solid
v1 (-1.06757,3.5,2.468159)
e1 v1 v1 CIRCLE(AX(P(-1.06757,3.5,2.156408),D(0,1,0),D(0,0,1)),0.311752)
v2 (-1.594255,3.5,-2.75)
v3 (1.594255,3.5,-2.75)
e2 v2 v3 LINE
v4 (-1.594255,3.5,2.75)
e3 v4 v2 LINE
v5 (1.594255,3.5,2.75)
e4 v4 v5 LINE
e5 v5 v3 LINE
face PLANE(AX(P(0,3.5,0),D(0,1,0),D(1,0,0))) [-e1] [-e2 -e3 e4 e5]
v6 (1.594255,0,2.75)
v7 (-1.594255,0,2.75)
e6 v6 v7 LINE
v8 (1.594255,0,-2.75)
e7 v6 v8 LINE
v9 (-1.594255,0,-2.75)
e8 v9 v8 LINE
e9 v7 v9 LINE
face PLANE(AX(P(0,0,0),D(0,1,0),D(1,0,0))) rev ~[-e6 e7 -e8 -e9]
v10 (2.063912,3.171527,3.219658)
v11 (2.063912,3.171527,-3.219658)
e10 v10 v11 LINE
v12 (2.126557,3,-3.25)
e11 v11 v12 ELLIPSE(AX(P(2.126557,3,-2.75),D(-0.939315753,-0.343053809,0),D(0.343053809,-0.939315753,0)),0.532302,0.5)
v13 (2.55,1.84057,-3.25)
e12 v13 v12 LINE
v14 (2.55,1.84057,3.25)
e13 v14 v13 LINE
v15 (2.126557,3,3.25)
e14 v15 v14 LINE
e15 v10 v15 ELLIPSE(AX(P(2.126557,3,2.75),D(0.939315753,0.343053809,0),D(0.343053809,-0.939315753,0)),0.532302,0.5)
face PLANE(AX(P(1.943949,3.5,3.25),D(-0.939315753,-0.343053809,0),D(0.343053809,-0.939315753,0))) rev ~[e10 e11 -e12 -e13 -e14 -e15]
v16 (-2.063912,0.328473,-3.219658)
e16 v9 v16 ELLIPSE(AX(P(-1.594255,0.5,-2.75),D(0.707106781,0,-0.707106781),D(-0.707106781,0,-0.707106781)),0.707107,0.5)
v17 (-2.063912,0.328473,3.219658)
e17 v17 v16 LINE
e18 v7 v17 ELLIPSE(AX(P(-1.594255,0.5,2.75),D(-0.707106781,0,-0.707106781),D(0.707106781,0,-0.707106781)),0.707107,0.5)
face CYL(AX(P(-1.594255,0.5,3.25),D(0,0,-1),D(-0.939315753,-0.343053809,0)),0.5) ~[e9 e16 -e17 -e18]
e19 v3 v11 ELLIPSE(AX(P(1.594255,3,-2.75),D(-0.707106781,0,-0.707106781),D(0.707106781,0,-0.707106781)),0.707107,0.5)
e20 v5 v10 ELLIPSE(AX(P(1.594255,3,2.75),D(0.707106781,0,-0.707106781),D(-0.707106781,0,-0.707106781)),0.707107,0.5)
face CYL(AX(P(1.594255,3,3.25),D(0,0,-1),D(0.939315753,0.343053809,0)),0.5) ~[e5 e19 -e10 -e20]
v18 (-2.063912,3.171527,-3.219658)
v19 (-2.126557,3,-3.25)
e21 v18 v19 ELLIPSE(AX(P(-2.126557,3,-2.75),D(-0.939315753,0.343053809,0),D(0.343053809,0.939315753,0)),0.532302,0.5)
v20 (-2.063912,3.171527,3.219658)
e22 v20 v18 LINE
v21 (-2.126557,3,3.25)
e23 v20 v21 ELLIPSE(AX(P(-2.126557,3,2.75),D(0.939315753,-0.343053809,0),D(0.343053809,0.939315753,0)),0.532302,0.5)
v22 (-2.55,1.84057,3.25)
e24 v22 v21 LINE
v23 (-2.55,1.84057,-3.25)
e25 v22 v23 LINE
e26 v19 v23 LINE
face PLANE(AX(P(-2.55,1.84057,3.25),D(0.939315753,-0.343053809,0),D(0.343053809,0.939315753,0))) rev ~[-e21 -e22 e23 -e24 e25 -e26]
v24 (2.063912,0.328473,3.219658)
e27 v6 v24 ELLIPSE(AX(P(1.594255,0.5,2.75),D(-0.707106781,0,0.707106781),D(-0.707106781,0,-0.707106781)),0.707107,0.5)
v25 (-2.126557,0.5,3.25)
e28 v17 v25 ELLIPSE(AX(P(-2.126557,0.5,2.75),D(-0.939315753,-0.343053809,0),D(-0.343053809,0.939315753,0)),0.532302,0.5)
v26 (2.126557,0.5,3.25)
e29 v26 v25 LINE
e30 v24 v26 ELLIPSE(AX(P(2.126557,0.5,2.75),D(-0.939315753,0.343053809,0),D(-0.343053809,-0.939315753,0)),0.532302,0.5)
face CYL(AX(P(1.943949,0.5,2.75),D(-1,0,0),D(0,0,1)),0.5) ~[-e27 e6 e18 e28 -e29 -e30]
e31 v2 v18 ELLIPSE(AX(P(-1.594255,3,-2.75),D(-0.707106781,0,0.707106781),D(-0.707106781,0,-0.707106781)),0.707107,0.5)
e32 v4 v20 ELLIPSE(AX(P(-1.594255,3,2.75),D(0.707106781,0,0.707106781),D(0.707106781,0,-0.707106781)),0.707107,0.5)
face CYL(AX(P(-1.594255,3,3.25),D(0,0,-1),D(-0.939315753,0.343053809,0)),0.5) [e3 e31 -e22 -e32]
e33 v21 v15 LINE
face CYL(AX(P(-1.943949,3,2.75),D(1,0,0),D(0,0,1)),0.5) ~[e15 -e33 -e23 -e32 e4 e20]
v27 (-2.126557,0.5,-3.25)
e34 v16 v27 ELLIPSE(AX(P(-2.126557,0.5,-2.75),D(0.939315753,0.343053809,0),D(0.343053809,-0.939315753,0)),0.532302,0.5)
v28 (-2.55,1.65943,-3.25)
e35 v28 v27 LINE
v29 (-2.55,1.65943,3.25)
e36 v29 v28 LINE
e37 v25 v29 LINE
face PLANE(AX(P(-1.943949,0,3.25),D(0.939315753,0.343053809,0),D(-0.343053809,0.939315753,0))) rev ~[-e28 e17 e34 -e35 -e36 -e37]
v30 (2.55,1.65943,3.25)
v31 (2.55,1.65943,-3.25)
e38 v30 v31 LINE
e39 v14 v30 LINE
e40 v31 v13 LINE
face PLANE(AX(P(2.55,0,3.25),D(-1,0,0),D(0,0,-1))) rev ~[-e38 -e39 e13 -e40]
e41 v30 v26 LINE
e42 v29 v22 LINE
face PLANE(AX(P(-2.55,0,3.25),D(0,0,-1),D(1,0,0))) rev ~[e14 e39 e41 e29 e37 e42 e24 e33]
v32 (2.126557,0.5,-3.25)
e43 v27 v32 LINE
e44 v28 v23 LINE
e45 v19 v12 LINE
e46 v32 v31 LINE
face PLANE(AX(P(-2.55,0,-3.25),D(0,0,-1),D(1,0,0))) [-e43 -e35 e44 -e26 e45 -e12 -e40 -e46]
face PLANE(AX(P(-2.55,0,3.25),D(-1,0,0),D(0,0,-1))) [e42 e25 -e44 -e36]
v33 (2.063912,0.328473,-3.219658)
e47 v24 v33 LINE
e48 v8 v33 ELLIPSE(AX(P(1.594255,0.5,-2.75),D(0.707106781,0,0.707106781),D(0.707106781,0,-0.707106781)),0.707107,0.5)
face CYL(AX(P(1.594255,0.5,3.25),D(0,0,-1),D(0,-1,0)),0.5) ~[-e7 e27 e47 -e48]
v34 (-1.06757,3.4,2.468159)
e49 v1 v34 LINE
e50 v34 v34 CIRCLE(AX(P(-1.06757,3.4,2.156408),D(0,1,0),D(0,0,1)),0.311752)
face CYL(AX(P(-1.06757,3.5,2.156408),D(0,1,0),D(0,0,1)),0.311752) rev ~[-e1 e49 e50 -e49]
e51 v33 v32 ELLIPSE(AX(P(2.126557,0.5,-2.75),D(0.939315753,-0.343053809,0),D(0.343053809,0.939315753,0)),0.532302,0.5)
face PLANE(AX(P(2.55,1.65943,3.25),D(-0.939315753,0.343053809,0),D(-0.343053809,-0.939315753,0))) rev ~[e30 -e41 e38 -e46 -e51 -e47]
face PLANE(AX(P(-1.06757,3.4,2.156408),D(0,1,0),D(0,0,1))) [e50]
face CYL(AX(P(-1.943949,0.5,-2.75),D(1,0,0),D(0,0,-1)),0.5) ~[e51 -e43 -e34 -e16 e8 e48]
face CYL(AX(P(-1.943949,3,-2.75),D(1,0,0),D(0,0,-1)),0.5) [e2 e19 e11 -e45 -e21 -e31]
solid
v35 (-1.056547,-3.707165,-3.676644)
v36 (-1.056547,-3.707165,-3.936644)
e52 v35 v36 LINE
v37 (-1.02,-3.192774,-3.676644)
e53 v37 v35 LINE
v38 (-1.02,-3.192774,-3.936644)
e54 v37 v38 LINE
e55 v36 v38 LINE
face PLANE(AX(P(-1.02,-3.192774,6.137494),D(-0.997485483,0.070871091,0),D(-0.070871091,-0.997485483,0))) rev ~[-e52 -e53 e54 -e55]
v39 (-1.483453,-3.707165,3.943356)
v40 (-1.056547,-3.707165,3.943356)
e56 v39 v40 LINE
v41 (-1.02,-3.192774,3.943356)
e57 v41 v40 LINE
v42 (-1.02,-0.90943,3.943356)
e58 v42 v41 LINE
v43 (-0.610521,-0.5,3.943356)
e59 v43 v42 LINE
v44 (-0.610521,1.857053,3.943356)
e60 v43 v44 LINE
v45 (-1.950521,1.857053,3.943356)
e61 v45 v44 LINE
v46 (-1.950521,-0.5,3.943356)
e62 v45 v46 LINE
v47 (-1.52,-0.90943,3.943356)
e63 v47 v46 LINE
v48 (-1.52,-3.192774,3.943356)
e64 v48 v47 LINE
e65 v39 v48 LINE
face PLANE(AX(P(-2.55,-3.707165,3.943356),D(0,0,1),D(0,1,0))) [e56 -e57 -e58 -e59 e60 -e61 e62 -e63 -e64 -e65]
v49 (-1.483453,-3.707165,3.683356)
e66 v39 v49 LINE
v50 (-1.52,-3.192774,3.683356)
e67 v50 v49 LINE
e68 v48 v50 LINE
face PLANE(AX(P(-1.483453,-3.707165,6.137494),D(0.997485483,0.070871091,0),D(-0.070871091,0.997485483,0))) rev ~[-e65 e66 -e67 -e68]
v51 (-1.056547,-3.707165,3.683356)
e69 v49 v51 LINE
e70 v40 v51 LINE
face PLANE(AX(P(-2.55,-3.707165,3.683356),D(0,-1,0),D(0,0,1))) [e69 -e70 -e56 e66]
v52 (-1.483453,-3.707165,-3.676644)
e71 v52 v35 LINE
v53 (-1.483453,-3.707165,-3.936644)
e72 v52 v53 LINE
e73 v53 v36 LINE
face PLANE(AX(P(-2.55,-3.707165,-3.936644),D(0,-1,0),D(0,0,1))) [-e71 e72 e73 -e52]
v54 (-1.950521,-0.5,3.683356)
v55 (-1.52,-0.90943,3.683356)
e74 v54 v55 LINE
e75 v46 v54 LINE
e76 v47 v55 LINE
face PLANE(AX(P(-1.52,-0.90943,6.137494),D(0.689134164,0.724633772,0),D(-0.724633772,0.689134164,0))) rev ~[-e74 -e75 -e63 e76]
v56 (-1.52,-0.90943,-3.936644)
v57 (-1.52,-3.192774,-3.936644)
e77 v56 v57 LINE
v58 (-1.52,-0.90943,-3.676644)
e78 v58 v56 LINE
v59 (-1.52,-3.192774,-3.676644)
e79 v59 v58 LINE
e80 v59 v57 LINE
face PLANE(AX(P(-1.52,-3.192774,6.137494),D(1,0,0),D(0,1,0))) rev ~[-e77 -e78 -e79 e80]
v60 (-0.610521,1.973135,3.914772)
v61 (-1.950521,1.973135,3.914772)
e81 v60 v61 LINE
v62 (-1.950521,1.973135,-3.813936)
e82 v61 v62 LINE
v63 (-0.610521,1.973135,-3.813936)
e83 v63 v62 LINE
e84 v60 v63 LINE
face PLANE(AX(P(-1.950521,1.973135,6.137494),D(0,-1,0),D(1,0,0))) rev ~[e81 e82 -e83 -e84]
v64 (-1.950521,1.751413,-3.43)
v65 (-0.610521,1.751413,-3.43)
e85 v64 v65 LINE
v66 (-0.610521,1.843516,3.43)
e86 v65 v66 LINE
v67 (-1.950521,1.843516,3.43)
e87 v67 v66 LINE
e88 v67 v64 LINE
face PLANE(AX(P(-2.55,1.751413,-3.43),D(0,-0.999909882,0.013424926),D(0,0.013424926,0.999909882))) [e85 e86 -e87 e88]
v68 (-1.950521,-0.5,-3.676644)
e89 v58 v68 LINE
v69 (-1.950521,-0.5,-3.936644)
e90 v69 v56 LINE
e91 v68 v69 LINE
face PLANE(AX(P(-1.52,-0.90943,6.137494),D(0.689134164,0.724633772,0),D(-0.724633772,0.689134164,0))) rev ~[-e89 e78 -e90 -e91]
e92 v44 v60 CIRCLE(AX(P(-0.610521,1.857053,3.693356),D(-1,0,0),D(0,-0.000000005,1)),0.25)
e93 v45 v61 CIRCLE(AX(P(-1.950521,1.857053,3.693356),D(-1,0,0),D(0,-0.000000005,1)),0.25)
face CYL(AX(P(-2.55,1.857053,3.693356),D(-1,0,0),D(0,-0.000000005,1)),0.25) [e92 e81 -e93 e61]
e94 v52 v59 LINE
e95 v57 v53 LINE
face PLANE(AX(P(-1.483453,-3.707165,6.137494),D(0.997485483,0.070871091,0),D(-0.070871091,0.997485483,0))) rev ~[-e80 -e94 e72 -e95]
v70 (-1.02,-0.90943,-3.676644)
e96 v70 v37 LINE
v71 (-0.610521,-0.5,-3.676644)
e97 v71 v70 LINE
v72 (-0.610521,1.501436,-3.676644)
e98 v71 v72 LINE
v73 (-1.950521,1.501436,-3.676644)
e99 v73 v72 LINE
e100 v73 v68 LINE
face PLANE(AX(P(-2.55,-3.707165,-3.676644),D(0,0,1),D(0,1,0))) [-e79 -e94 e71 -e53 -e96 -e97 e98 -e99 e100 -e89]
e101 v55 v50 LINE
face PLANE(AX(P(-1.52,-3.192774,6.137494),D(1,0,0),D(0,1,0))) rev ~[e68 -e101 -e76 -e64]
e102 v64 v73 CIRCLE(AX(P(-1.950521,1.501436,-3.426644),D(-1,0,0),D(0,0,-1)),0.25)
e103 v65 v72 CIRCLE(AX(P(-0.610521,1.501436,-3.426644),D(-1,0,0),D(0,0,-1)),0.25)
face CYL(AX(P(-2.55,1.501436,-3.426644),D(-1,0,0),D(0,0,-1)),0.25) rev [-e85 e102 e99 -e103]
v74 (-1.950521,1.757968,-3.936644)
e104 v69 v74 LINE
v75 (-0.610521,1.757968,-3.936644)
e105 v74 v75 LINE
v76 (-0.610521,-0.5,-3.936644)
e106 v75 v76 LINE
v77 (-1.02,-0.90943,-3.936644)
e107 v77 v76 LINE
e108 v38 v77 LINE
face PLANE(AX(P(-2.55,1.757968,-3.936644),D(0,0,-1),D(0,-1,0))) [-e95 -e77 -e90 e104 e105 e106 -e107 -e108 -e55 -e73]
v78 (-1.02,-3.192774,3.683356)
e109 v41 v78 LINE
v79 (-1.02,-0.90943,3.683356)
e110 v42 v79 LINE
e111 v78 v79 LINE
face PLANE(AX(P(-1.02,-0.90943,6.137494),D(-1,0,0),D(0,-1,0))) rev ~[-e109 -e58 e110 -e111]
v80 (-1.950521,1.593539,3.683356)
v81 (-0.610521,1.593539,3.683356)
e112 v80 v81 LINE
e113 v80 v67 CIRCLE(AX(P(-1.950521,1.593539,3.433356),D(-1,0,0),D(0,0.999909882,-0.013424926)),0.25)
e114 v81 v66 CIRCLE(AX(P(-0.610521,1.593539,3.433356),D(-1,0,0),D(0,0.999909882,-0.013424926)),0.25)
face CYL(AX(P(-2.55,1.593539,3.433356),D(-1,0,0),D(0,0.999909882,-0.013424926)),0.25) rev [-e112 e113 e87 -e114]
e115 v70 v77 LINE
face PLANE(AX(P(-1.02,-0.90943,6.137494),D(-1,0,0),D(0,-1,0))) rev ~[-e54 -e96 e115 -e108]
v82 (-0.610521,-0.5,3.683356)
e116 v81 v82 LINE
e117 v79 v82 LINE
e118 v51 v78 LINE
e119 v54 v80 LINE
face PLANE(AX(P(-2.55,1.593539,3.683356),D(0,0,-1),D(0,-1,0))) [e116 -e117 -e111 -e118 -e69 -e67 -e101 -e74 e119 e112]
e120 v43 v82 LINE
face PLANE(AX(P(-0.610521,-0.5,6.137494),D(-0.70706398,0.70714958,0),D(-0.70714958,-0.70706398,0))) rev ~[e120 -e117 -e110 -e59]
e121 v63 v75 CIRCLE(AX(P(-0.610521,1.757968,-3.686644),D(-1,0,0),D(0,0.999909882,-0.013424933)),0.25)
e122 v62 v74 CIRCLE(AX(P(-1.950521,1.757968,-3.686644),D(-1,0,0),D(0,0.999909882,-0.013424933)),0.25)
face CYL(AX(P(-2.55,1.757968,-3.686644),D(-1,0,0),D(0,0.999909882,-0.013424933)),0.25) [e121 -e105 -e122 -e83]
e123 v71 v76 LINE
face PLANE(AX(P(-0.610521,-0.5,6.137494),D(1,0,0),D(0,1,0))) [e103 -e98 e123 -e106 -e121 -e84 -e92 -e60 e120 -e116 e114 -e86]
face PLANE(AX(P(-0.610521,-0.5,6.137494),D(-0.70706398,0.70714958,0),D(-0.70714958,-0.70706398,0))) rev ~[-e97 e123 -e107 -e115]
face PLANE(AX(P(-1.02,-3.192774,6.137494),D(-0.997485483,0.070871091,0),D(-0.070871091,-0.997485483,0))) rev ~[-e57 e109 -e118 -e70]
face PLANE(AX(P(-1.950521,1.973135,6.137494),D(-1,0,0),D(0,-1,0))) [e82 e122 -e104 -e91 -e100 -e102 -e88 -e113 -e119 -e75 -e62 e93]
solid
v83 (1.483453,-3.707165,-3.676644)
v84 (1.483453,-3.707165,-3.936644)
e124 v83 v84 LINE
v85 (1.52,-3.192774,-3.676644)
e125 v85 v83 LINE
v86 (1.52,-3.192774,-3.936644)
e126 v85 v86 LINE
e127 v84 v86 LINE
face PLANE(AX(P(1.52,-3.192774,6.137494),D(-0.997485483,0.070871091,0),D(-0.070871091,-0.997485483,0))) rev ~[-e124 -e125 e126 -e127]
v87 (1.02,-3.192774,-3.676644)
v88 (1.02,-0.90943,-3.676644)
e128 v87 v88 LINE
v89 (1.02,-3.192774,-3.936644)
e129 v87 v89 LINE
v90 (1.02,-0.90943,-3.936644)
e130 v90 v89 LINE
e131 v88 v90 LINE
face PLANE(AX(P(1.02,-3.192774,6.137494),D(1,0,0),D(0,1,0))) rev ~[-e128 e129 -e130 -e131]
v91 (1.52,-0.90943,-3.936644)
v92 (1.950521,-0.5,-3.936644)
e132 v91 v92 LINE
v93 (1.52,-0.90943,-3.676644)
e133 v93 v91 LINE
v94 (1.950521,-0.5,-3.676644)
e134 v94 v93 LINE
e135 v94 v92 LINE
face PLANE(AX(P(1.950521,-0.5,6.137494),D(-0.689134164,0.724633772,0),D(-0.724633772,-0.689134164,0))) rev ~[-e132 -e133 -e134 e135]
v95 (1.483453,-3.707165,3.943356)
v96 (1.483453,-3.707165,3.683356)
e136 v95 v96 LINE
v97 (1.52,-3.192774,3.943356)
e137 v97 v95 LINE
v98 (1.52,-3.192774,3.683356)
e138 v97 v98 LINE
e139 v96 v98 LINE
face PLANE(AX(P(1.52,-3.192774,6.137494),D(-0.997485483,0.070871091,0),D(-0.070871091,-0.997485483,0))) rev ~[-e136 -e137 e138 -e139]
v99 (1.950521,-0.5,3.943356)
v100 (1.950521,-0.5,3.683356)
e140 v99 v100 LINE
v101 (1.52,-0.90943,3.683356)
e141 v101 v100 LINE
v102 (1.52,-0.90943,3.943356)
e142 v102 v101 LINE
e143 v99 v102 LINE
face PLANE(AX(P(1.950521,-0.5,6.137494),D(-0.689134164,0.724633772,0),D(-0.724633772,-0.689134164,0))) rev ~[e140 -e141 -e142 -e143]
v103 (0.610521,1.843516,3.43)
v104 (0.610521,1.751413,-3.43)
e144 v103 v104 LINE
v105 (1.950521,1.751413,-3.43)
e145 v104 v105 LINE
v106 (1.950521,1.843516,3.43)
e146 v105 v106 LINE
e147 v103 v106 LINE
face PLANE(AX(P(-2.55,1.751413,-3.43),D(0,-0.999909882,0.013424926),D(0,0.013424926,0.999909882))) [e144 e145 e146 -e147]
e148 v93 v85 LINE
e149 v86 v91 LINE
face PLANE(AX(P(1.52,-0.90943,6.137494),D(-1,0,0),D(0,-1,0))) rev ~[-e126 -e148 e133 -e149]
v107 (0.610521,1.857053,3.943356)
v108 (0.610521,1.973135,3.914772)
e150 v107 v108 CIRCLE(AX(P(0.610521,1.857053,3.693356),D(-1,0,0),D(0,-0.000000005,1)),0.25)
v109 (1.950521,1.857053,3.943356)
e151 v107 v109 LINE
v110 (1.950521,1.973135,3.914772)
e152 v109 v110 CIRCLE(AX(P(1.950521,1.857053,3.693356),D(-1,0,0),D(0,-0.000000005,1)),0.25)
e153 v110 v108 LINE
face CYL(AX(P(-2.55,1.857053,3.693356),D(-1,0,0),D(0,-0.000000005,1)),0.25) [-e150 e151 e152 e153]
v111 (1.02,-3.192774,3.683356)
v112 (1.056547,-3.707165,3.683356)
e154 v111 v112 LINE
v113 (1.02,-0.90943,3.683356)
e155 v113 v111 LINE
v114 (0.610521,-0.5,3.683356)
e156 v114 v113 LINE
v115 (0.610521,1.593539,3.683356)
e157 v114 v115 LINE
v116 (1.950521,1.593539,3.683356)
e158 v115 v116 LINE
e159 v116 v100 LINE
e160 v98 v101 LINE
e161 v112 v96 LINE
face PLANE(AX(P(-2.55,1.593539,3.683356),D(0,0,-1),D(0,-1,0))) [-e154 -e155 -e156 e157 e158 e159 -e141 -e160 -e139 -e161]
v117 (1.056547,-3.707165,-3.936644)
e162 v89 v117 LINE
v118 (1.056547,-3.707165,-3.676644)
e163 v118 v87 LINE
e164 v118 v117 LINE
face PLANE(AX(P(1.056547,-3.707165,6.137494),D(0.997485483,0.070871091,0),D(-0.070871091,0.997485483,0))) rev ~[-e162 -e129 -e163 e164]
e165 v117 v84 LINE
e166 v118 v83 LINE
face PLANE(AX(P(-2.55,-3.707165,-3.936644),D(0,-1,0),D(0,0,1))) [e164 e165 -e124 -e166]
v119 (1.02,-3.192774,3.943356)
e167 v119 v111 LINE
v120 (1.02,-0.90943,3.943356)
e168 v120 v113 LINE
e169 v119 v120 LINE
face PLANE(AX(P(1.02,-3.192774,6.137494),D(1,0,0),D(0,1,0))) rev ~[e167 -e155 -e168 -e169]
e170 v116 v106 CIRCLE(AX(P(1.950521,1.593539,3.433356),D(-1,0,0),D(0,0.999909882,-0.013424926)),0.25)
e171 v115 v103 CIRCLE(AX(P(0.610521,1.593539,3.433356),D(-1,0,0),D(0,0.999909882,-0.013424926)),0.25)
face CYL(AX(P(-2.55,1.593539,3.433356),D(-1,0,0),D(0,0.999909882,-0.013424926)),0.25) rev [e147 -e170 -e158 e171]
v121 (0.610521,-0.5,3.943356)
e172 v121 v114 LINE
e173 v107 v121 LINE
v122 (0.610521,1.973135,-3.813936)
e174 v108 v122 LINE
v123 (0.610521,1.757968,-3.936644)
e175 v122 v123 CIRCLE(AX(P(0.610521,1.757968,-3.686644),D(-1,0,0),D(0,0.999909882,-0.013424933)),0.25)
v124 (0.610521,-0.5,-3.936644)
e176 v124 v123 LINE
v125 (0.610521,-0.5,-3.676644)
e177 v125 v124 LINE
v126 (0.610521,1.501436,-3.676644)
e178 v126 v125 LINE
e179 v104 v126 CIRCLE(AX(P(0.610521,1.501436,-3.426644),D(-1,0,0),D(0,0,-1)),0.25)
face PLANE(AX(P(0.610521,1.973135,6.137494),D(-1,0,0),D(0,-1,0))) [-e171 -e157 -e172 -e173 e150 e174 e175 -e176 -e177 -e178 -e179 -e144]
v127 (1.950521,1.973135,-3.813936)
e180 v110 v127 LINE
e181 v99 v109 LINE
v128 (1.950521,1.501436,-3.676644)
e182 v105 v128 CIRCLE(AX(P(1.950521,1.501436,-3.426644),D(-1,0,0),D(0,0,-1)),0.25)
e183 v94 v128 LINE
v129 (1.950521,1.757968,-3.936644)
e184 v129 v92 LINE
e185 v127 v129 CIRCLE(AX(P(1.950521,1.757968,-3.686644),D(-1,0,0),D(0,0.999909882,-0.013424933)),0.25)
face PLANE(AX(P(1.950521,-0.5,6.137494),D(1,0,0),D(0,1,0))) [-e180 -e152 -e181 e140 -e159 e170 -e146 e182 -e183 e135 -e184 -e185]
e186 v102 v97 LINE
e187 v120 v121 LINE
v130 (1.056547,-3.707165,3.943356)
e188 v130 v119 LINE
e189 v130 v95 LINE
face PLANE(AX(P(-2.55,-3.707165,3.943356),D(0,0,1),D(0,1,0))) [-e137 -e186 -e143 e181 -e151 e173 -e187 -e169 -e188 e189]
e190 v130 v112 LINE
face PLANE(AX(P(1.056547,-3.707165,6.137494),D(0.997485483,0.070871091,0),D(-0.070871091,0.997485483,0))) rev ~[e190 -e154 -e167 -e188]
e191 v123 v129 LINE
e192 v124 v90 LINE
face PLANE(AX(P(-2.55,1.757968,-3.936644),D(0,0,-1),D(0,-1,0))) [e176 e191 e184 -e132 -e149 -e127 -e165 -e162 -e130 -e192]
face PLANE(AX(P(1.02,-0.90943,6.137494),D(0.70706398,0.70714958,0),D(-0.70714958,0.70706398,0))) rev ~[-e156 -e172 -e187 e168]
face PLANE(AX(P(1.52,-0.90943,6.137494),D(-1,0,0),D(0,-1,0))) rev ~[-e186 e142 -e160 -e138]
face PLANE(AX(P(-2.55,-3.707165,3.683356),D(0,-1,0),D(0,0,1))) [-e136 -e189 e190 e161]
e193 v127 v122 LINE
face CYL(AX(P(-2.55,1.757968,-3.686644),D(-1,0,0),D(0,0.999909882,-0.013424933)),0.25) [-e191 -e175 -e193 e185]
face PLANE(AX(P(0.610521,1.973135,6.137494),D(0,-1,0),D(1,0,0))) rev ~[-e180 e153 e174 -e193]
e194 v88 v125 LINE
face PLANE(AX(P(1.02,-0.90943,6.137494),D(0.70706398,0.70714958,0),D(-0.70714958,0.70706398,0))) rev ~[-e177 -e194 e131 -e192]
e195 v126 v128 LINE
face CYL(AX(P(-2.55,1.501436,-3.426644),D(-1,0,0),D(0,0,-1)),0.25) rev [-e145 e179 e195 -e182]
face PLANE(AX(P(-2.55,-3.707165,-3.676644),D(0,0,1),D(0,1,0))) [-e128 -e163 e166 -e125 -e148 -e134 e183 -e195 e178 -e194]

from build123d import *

# Parameters (mm, degrees)
SKETCH1_W               = 5.1
SKETCH1_H               = 6.5
BOSS_EXTRUDE1_DEPTH     = 3.5
SKETCH2_R               = 0.311751624
CUT_EXTRUDE1_DEPTH      = 0.1
SKETCH3_OUTSIDE_W       = 8.894
SKETCH3_OUTSIDE_H       = 7.294
CUT_EXTRUDE3_DEPTH      = 8.81040972
FILLET1_R               = 0.5
BOSS_EXTRUDE2_DEPTH     = 5.1
CUT_EXTRUDE7_DEPTH      = 10.0741376
CUT_EXTRUDE7_DEPTH_BACK = 10.0741376
SKETCH5_OUTSIDE_W       = 9.466
SKETCH5_OUTSIDE_H       = 11.573


with BuildPart() as part:
    # Sketch1 → Boss-Extrude1 (new body)
    with BuildSketch(Plane(origin=(0, 0, 0), x_dir=(1, 0, 0), z_dir=(0, 1, 0))):
        Rectangle(SKETCH1_W, SKETCH1_H)
    extrude(amount=BOSS_EXTRUDE1_DEPTH)

    # Sketch2 → Cut-Extrude1 (cut)
    with BuildSketch(Plane(origin=(0, 3.5, 0), x_dir=(1, 0, 0), z_dir=(0, 1, 0))):
        with Locations(Location((-1.067569718, -2.156407837, 0), (0, 0, 270))):
            Circle(SKETCH2_R)
    extrude(amount=-CUT_EXTRUDE1_DEPTH, mode=Mode.SUBTRACT)

    # Sketch3 outside → Cut-Extrude3 (cut, through all)
    with BuildSketch(Plane.XY.offset(3.25)):
        with Locations((0, 1.75)):
            Rectangle(SKETCH3_OUTSIDE_W, SKETCH3_OUTSIDE_H)
        Polygon((-2.55, 1.84057033), (-1.943948555, 3.5), (1.943948555, 3.5), (2.55, 1.84057033), (2.55, 1.65942967), (1.943948555, 0), (-1.943948555, 0), (-2.55, 1.65942967), align=None, mode=Mode.SUBTRACT)
    extrude(amount=-CUT_EXTRUDE3_DEPTH, mode=Mode.SUBTRACT)

    # Fillet1
    fillet1_edges = [part.edges().sort_by_distance(p)[0] for p in [
        (0, 0, 3.25),
        (0, 0, -3.25),
        (0, 3.5, -3.25),
        (0, 3.5, 3.25),
        (1.943948555, 3.5, 0),
        (-1.943948555, 3.5, 0),
        (1.943948555, 0, 0),
        (-1.943948555, 0, 0),
    ]]
    fillet(fillet1_edges, radius=FILLET1_R)


with BuildPart() as body_2:
    # Sketch4 → Boss-Extrude2 (new, through all)
    with BuildSketch(Plane.ZY.offset(2.55)):
        with BuildLine():
            Line((-3.936643854, -3.707164749), (-3.676643854, -3.707164749))
            Line((-3.676643854, -3.707164749), (-3.676643854, 1.501435709))
            ThreePointArc((-3.676643854, 1.501435709), (-3.6046032, 1.677021788), (-3.430000086, 1.751413179))
            Line((-3.430000086, 1.751413179), (3.430000086, 1.843516476))
            ThreePointArc((3.430000086, 1.843516476), (3.608942396, 1.771498352), (3.683356317, 1.593539006))
            Line((3.683356317, 1.593539006), (3.683356317, -3.707164749))
            Line((3.683356317, -3.707164749), (3.943356317, -3.707164749))
            Line((3.943356317, -3.707164749), (3.943356317, 1.857053234))
            ThreePointArc((3.943356317, 1.857053234), (3.868942396, 2.035012581), (3.690000086, 2.107030705))
            Line((3.690000086, 2.107030705), (-3.690000086, 2.007945817))
            ThreePointArc((-3.690000086, 2.007945817), (-3.8646032, 1.933554425), (-3.936643854, 1.757968346))
            Line((-3.936643854, 1.757968346), (-3.936643854, -3.707164749))
        make_face()
    extrude(amount=-BOSS_EXTRUDE2_DEPTH)

    # Sketch5 outside → Cut-Extrude7 (cut, two sides: drawn at the far end of the back side and taken through both)
    with BuildSketch(Plane(origin=(0, 0, -3.936643854), x_dir=(-1, 0, 0), z_dir=(0, 0, -1)).offset(-CUT_EXTRUDE7_DEPTH_BACK)):
        with Locations((0, -0.1035)):
            Rectangle(SKETCH5_OUTSIDE_W, SKETCH5_OUTSIDE_H)
        Polygon((-1.02, -3.19277423), (-1.02, -0.90942967), (-0.610520763, -0.5), (-0.610520763, 1.757968346), (-0.610520763, 1.973134899), (-1.950520763, 1.973134899), (-1.950520763, 1.757968346), (-1.950520763, -0.5), (-1.52, -0.90942967), (-1.52, -3.19277423), (-1.483452684, -3.707164749), (-1.056547316, -3.707164749), align=None, mode=Mode.SUBTRACT)
        Polygon((1.52, -0.90942967), (1.950520763, -0.5), (1.950520763, 1.757968346), (1.950520763, 1.973134899), (0.610520763, 1.973134899), (0.610520763, 1.757968346), (0.610520763, -0.5), (1.02, -0.90942967), (1.02, -3.19277423), (1.056547316, -3.707164749), (1.483452684, -3.707164749), (1.52, -3.19277423), align=None, mode=Mode.SUBTRACT)
    extrude(amount=CUT_EXTRUDE7_DEPTH + CUT_EXTRUDE7_DEPTH_BACK, mode=Mode.SUBTRACT)


with BuildPart() as cut_extrude7_piece_1:
    # of the separate pieces the step leaves, piece 1, a body of its own (cut_extrude7_pieces)
    add(body_2.part.solids().sort_by_distance((1.950520763, 1.973134899, -3.813936252))[0])


with BuildPart() as cut_extrude7_piece_2:
    # of the separate pieces the step leaves, piece 2, a body of its own (cut_extrude7_pieces)
    add(body_2.part.solids().sort_by_distance((-1.950520763, 1.757968346, -3.936643854))[0])


solid = Compound([part.part, cut_extrude7_piece_1.part, cut_extrude7_piece_2.part])
